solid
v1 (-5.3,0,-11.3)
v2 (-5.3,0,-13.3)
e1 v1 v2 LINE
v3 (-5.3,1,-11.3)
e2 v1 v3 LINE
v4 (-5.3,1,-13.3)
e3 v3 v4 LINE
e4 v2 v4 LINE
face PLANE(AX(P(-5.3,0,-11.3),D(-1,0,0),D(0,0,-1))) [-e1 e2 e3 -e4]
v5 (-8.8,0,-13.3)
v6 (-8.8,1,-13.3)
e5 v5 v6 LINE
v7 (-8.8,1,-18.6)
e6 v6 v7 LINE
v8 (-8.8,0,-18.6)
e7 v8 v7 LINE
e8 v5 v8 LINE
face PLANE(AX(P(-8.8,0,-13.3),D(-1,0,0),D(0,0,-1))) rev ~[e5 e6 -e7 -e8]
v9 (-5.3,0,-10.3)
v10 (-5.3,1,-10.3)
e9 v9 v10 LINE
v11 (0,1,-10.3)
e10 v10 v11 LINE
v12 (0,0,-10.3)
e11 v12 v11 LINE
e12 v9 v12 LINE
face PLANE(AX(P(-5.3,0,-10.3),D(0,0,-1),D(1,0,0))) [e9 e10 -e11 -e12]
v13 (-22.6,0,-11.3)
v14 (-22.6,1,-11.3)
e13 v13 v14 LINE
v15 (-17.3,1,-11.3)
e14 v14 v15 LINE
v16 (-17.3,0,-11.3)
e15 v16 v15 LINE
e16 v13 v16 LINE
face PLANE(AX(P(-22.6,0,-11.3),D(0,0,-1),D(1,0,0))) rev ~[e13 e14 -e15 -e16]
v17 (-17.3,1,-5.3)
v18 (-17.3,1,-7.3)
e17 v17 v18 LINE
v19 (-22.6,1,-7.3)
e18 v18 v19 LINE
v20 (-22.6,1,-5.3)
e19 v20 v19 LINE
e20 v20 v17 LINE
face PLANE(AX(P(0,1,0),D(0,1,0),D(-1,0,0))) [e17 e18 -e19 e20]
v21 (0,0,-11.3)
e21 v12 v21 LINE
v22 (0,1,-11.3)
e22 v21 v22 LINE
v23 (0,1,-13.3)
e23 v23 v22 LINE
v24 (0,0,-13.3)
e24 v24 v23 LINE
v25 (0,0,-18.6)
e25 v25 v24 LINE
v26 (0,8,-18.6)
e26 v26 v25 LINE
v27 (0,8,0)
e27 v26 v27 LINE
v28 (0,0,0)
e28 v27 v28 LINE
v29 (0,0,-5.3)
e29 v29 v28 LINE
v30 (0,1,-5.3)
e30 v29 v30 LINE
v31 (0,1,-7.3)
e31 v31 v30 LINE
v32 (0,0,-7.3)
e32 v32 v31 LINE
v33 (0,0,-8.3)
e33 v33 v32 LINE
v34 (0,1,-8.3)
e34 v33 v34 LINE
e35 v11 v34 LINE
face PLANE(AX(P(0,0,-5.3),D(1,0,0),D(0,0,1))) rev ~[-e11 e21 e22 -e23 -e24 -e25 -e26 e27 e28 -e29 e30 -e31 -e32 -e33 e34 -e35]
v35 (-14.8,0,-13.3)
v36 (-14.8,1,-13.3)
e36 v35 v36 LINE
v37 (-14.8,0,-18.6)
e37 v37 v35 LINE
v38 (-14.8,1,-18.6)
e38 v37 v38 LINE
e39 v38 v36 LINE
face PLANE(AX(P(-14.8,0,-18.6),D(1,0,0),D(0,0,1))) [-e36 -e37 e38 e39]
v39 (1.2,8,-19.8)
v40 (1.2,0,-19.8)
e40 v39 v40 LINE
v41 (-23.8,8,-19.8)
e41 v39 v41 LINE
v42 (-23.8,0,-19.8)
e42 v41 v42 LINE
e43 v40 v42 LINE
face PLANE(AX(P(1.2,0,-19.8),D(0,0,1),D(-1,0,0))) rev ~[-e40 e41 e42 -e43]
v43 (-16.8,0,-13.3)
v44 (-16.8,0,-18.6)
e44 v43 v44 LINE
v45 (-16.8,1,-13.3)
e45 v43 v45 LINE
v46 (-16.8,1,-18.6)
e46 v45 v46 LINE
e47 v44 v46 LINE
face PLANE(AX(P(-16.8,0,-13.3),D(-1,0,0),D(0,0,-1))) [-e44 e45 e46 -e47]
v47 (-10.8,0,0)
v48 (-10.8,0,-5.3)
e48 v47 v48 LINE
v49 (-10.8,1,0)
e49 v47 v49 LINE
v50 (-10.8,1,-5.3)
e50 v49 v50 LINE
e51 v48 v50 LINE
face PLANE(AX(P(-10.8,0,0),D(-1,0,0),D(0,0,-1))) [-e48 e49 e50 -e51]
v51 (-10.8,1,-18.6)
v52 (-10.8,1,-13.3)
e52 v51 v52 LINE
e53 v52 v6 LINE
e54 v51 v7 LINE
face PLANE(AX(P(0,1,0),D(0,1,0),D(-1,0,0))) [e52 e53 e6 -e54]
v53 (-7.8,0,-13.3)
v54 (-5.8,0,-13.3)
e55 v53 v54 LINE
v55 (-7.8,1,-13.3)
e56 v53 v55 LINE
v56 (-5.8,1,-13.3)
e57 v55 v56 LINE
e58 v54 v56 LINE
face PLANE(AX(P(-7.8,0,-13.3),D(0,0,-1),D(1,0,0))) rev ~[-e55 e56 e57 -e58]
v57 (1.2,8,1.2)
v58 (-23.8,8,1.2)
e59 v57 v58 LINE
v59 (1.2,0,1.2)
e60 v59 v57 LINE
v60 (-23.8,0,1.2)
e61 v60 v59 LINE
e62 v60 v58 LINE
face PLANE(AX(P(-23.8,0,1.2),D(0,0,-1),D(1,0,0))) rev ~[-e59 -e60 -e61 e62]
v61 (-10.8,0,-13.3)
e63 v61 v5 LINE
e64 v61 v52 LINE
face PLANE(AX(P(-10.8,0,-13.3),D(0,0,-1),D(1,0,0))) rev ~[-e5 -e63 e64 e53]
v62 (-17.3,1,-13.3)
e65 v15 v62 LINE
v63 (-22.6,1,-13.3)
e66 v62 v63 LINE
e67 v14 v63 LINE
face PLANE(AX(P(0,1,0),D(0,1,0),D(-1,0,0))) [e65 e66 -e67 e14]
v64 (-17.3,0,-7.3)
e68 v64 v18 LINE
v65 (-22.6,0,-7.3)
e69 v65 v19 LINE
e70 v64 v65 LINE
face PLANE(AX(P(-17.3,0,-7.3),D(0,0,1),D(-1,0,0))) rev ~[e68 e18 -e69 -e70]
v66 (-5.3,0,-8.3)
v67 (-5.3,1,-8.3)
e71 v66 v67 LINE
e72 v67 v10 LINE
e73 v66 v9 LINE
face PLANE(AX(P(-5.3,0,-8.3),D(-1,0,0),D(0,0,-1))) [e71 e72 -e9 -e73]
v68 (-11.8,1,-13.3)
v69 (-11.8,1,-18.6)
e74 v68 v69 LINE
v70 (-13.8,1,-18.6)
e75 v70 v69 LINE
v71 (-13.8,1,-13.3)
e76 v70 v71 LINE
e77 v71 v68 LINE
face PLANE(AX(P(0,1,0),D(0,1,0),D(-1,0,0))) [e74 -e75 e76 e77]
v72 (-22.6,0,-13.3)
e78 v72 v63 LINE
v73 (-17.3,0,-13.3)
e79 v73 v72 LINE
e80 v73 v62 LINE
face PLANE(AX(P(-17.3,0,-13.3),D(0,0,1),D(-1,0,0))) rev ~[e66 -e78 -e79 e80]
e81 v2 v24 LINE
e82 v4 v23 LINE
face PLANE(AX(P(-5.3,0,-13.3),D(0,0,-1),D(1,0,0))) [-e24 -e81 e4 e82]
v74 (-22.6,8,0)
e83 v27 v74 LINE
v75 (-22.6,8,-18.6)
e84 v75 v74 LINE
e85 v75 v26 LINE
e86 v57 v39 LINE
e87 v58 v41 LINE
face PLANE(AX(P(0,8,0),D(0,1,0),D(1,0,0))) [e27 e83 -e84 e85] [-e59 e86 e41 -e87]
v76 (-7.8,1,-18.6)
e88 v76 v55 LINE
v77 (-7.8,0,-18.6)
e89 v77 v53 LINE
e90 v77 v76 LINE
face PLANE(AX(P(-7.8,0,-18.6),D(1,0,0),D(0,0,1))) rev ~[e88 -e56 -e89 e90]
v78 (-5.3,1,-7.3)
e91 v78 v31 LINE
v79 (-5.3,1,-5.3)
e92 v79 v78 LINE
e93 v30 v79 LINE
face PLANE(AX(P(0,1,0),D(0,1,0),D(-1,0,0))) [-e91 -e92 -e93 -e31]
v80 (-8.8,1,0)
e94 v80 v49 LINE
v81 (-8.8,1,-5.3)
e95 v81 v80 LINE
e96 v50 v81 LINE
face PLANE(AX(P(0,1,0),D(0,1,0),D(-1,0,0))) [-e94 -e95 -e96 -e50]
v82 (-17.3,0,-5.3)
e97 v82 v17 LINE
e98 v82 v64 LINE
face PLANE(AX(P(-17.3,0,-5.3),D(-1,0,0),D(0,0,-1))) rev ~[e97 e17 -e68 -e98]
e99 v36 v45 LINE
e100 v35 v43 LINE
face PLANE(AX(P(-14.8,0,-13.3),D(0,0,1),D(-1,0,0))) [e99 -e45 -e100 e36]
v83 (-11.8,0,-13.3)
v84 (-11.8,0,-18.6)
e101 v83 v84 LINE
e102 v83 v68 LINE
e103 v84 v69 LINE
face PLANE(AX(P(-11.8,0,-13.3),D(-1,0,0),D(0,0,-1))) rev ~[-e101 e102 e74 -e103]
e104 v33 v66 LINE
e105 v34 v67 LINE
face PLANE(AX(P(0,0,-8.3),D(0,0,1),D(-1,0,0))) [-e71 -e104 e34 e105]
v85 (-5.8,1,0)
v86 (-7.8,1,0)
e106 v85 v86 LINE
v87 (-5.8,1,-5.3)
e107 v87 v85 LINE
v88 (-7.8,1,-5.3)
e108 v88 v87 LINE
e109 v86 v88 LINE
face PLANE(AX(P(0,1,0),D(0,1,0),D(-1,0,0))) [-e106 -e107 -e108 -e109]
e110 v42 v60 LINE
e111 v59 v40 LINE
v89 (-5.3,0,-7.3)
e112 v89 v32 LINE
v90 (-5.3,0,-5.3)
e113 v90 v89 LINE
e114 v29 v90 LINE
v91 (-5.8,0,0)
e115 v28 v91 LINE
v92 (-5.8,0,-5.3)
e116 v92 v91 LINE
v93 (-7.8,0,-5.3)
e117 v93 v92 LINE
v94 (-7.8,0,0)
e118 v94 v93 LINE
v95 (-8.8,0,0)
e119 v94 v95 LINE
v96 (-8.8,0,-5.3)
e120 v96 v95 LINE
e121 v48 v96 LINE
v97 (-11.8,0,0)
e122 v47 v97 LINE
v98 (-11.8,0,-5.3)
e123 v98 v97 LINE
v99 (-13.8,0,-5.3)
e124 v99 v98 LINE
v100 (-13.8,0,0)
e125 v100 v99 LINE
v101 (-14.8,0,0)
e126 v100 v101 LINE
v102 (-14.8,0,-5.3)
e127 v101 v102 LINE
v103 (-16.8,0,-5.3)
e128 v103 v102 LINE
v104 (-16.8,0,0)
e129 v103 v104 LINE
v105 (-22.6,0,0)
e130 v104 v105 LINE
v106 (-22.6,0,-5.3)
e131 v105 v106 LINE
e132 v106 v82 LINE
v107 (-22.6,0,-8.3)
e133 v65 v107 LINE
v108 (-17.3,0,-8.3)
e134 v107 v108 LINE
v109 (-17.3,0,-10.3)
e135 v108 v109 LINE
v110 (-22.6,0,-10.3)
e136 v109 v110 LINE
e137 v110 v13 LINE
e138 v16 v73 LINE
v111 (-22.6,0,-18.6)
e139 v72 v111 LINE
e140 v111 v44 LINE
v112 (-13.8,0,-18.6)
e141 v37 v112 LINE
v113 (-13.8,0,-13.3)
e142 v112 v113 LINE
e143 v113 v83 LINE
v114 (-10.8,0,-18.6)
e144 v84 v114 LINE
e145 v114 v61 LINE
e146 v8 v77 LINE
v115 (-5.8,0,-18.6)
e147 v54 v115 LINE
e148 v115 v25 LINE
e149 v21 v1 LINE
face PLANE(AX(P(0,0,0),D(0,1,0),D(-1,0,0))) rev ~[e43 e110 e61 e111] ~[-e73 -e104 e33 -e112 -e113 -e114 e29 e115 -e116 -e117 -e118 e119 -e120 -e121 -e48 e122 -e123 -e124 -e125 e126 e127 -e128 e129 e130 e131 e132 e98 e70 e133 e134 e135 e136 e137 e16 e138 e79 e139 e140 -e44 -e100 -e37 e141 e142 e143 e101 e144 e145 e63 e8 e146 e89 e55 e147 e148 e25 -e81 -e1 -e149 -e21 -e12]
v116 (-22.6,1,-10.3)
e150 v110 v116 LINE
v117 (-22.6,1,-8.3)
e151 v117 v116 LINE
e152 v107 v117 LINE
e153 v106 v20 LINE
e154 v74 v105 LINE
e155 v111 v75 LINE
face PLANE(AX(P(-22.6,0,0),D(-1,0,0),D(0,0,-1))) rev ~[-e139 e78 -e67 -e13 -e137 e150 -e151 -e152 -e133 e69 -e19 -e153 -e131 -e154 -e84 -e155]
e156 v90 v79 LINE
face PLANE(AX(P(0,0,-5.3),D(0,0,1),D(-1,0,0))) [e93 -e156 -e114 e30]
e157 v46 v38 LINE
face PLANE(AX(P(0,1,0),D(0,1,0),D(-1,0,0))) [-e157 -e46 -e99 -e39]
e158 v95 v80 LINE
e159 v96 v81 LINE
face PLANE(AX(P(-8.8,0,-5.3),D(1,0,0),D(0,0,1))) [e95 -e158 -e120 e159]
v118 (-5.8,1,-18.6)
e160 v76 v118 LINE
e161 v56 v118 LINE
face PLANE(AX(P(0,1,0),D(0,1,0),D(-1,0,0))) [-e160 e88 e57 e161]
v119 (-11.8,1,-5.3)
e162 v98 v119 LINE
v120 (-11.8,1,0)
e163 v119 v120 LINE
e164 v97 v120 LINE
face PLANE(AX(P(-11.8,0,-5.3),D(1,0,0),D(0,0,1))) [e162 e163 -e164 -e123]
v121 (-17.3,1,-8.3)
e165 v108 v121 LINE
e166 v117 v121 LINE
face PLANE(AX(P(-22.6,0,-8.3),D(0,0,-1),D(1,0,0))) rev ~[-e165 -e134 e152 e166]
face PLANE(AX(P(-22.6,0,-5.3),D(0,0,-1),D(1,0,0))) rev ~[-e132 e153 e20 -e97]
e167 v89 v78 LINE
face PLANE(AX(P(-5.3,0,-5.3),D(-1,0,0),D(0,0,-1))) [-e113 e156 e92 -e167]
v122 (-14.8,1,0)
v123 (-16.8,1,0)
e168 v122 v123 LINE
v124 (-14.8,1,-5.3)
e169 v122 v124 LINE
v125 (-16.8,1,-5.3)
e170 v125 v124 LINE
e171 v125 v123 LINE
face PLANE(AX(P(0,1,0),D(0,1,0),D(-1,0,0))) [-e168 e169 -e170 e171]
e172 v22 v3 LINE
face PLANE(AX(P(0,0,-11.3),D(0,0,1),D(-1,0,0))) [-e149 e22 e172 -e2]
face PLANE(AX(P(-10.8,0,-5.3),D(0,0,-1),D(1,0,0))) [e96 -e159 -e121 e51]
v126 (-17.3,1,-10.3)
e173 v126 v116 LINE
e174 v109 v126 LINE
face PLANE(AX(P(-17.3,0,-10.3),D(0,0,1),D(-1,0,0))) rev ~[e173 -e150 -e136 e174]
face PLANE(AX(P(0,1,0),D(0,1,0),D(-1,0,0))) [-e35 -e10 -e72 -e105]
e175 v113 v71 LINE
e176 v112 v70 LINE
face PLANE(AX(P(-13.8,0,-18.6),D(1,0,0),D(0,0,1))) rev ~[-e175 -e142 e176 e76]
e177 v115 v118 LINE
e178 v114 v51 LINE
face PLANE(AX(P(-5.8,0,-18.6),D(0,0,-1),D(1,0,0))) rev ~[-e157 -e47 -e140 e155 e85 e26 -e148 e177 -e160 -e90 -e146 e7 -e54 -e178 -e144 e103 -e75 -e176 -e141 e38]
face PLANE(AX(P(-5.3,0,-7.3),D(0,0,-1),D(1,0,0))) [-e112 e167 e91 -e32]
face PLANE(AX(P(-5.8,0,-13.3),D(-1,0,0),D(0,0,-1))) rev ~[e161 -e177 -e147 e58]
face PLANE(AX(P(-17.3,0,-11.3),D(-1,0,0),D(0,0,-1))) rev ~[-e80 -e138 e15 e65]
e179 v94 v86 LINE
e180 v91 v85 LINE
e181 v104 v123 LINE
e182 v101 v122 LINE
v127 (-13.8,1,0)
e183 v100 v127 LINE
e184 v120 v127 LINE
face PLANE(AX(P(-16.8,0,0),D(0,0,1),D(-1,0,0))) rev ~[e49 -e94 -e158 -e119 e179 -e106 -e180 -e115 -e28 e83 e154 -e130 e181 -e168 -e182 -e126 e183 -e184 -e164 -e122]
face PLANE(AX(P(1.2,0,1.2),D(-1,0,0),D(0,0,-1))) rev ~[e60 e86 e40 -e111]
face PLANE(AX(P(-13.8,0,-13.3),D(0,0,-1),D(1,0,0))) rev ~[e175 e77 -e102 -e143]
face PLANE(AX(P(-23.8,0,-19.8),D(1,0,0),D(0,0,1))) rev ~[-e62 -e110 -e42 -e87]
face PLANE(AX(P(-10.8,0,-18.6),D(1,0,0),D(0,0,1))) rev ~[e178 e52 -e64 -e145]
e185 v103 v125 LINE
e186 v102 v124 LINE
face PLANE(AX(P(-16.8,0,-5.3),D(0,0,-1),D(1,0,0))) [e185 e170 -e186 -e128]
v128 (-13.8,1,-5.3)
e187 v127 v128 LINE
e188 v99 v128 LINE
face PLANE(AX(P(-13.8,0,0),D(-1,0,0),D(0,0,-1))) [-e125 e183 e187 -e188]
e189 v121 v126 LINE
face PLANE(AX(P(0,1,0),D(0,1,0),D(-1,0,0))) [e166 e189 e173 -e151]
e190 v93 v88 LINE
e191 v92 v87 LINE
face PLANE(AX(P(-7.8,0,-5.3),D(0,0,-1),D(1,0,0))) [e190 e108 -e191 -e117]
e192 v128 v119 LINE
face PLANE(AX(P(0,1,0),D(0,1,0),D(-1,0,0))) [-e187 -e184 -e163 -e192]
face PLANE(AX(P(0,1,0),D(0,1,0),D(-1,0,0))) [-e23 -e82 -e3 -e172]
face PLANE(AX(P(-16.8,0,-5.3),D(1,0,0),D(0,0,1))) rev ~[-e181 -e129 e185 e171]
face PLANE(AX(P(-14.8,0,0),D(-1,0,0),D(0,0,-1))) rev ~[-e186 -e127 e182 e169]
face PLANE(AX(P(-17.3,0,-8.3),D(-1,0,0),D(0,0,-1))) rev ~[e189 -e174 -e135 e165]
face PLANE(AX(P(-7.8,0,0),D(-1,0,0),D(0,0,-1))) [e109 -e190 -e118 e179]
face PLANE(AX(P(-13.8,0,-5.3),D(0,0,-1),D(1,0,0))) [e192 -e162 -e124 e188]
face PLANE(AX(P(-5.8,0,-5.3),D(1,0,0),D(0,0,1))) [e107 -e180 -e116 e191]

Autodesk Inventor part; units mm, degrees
ref_plane "YZ Plane" through (0, 0, 0) normal (1, 0, 0) x (0, 1, 0)
ref_plane "XZ Plane" through (0, 0, 0) normal (0, 1, 0) x (-1, 0, 0)
ref_plane "XY Plane" through (0, 0, 0) normal (0, 0, 1) x (1, 0, 0)
sketch "Skizze1" plane through (0, 0, 0) normal (0, 1, 0) x (-1, 0, 0)
  line L0 (25.6, 3) -> (-3, 3)
  line L1 (-3, 3) -> (-3, -21.6)
  line L2 (-3, -21.6) -> (25.6, -21.6)
  line L3 (25.6, -21.6) -> (25.6, 3)
  line L4 (22.6, -5.3) -> (17.3, -5.3)
  line L5 (17.3, -5.3) -> (17.3, -7.3)
  line L6 (17.3, -7.3) -> (22.6, -7.3)
  line L7 (22.6, -8.3) -> (17.3, -8.3)
  line L8 (17.3, -8.3) -> (17.3, -10.3)
  line L9 (17.3, -10.3) -> (22.6, -10.3)
  line L10 (22.6, -11.3) -> (17.3, -11.3)
  line L11 (17.3, -11.3) -> (17.3, -13.3)
  line L12 (17.3, -13.3) -> (22.6, -13.3)
  line L13 (0, -5.3) -> (5.3, -5.3)
  line L14 (5.3, -5.3) -> (5.3, -7.3)
  line L15 (5.3, -7.3) -> (0, -7.3)
  line L16 (0, -8.3) -> (5.3, -8.3)
  line L17 (5.3, -10.3) -> (0, -10.3)
  line L18 (0, -11.3) -> (5.3, -11.3)
  line L19 (5.3, -13.3) -> (0, -13.3)
  line L20 (14.8, -18.6) -> (14.8, -13.3)
  line L21 (14.8, -13.3) -> (16.8, -13.3)
  line L22 (16.8, -13.3) -> (16.8, -18.6)
  line L23 (13.8, -13.3) -> (11.8, -13.3)
  line L24 (11.8, -13.3) -> (11.8, -18.6)
  line L25 (13.8, -18.6) -> (13.8, -13.3)
  line L26 (10.8, -13.3) -> (8.8, -13.3)
  line L27 (8.8, -13.3) -> (8.8, -18.6)
  line L28 (10.8, -18.6) -> (10.8, -13.3)
  line L29 (7.8, -13.3) -> (5.8, -13.3)
  line L30 (5.8, -13.3) -> (5.8, -18.6)
  line L31 (7.8, -18.6) -> (7.8, -13.3)
  line L32 (14.8, 0) -> (14.8, -5.3)
  line L33 (16.8, -5.3) -> (16.8, 0)
  line L34 (11.8, -5.3) -> (11.8, 0)
  line L35 (13.8, 0) -> (13.8, -5.3)
  line L36 (8.8, -5.3) -> (8.8, 0)
  line L37 (10.8, 0) -> (10.8, -5.3)
  line L38 (5.8, -5.3) -> (5.8, 0)
  line L39 (7.8, 0) -> (7.8, -5.3)
  line L40 (17.3, -7.3) -> (17.3, -5.3)
  line L41 (17.3, -13.3) -> (17.3, -11.3)
  line L42 (17.3, -10.3) -> (17.3, -8.3)
  line L43 (14.8, -13.3) -> (16.8, -13.3)
  line L44 (11.8, -13.3) -> (13.8, -13.3)
  line L45 (5.3, -5.3) -> (5.3, -7.3)
  line L46 (5.3, -8.3) -> (5.3, -10.3)
  line L47 (5.3, -11.3) -> (5.3, -13.3)
  line L48 (5.8, -13.3) -> (7.8, -13.3)
  line L49 (8.8, -13.3) -> (10.8, -13.3)
  line L50 (7.8, -5.3) -> (5.8, -5.3)
  line L51 (10.8, -5.3) -> (8.8, -5.3)
  line L52 (17.3, -5.3) -> (14.8, -5.3)
  line L53 (13.8, -5.3) -> (11.8, -5.3)
  line L54 (22.6, -10.3) -> (22.6, -11.3)
  line L55 (22.6, -13.3) -> (22.6, -18.6)
  line L56 (22.6, 0) -> (22.6, -5.3)
  line L57 (22.6, -7.3) -> (22.6, -8.3)
  line L58 (22.6, -18.6) -> (16.8, -18.6)
  line L59 (14.8, -18.6) -> (13.8, -18.6)
  line L60 (11.8, -18.6) -> (10.8, -18.6)
  line L61 (8.8, -18.6) -> (7.8, -18.6)
  line L62 (5.8, -18.6) -> (0, -18.6)
  line L63 (0, -18.6) -> (0, -13.3)
  line L64 (0, -5.3) -> (0, 0)
  line L65 (0, -10.3) -> (0, -11.3)
  line L66 (0, -13.3) -> (0, -18.6)
  line L67 (0, -11.3) -> (0, -10.3)
  line L68 (0, -8.3) -> (0, -7.3)
  line L69 (0, 0) -> (0, -5.3)
  line L70 (0, -7.3) -> (0, -8.3)
  line L71 (0, 0) -> (5.8, 0)
  line L72 (7.8, 0) -> (8.8, 0)
  line L73 (10.8, 0) -> (11.8, 0)
  line L74 (13.8, 0) -> (14.8, 0)
  line L75 (16.8, 0) -> (22.6, 0)
  line L76 (23.8, 1.2) -> (-1.2, 1.2)
  line L77 (-1.2, 1.2) -> (-1.2, -19.8)
  line L78 (-1.2, -19.8) -> (23.8, -19.8)
  line L79 (23.8, -19.8) -> (23.8, 1.2)
  dimension "d2" = 12
  dimension "d3" = 8
  dimension "d9" = 24.6
  dimension "d14" = 28.6
  dimension "d21" = 2
  dimension "d22" = 2
  dimension "d23" = 2
  dimension "d24" = 1
  dimension "d25" = 1
  dimension "d26" = 2
  dimension "d27" = 2
  dimension "d28" = 2
  dimension "d29" = 2
  dimension "d30" = 1
  dimension "d31" = 1
  dimension "d32" = 1
  dimension "d33" = 0.5
  dimension "d34" = 0.5
  dimension "d43" = 21
  dimension "d44" = 25
  dimension "d50" = 3
  dimension "d51" = 1.8
  dimension "d52" = 1.8
  dimension "d54" = 1.8
extrude "Extrusion1" add sketch "Skizze1" along normal blind 1 contours L79 L78 L77 L76
sketch "Skizze3" plane through (0, 1, 0) normal (0, 1, 0) x (1, 0, 0)
  line L0 (-25.6, -3) -> (3, -3) projected
  line L1 (3, -3) -> (3, 21.6) projected
  line L2 (-25.6, -3) -> (3, -3)
  line L3 (3, -3) -> (3, 21.6)
  line L4 (3, 21.6) -> (-25.6, 21.6)
  line L5 (-25.6, 21.6) -> (-25.6, -3)
  line L6 (-24.1, -1.5) -> (1.5, -1.5)
  line L7 (1.5, -1.5) -> (1.5, 20.1)
  line L8 (1.5, 20.1) -> (-24.1, 20.1)
  line L9 (-24.1, 20.1) -> (-24.1, -1.5)
  line L10 (1.2, 19.8) -> (-23.8, 19.8) projected
  line L11 (1.2, -1.2) -> (1.2, 19.8) projected
  line L12 (-23.8, 19.8) -> (1.2, 19.8)
  line L13 (1.2, 19.8) -> (1.2, -1.2)
  line L14 (1.2, -1.2) -> (-23.8, -1.2)
  line L15 (-23.8, -1.2) -> (-23.8, 19.8)
  line L16 (-22.6, 13.3) -> (-22.6, 18.6) projected
  line L17 (-22.6, 18.6) -> (0, 18.6)
  line L18 (0, 18.6) -> (0, 0)
  line L19 (0, 0) -> (-22.6, 0)
  line L20 (-22.6, 0) -> (-22.6, 18.6)
  dimension "d37" = 1.5
  dimension "d38" = 1.5
  dimension "d39" = 1.5
  dimension "d40" = 1.5
extrude "Extrusion2" add sketch "Skizze3" along normal blind 7 contours L11 L14 L15 L10
properties part number "Magazin_2_trichter_4_3D-Druck"
